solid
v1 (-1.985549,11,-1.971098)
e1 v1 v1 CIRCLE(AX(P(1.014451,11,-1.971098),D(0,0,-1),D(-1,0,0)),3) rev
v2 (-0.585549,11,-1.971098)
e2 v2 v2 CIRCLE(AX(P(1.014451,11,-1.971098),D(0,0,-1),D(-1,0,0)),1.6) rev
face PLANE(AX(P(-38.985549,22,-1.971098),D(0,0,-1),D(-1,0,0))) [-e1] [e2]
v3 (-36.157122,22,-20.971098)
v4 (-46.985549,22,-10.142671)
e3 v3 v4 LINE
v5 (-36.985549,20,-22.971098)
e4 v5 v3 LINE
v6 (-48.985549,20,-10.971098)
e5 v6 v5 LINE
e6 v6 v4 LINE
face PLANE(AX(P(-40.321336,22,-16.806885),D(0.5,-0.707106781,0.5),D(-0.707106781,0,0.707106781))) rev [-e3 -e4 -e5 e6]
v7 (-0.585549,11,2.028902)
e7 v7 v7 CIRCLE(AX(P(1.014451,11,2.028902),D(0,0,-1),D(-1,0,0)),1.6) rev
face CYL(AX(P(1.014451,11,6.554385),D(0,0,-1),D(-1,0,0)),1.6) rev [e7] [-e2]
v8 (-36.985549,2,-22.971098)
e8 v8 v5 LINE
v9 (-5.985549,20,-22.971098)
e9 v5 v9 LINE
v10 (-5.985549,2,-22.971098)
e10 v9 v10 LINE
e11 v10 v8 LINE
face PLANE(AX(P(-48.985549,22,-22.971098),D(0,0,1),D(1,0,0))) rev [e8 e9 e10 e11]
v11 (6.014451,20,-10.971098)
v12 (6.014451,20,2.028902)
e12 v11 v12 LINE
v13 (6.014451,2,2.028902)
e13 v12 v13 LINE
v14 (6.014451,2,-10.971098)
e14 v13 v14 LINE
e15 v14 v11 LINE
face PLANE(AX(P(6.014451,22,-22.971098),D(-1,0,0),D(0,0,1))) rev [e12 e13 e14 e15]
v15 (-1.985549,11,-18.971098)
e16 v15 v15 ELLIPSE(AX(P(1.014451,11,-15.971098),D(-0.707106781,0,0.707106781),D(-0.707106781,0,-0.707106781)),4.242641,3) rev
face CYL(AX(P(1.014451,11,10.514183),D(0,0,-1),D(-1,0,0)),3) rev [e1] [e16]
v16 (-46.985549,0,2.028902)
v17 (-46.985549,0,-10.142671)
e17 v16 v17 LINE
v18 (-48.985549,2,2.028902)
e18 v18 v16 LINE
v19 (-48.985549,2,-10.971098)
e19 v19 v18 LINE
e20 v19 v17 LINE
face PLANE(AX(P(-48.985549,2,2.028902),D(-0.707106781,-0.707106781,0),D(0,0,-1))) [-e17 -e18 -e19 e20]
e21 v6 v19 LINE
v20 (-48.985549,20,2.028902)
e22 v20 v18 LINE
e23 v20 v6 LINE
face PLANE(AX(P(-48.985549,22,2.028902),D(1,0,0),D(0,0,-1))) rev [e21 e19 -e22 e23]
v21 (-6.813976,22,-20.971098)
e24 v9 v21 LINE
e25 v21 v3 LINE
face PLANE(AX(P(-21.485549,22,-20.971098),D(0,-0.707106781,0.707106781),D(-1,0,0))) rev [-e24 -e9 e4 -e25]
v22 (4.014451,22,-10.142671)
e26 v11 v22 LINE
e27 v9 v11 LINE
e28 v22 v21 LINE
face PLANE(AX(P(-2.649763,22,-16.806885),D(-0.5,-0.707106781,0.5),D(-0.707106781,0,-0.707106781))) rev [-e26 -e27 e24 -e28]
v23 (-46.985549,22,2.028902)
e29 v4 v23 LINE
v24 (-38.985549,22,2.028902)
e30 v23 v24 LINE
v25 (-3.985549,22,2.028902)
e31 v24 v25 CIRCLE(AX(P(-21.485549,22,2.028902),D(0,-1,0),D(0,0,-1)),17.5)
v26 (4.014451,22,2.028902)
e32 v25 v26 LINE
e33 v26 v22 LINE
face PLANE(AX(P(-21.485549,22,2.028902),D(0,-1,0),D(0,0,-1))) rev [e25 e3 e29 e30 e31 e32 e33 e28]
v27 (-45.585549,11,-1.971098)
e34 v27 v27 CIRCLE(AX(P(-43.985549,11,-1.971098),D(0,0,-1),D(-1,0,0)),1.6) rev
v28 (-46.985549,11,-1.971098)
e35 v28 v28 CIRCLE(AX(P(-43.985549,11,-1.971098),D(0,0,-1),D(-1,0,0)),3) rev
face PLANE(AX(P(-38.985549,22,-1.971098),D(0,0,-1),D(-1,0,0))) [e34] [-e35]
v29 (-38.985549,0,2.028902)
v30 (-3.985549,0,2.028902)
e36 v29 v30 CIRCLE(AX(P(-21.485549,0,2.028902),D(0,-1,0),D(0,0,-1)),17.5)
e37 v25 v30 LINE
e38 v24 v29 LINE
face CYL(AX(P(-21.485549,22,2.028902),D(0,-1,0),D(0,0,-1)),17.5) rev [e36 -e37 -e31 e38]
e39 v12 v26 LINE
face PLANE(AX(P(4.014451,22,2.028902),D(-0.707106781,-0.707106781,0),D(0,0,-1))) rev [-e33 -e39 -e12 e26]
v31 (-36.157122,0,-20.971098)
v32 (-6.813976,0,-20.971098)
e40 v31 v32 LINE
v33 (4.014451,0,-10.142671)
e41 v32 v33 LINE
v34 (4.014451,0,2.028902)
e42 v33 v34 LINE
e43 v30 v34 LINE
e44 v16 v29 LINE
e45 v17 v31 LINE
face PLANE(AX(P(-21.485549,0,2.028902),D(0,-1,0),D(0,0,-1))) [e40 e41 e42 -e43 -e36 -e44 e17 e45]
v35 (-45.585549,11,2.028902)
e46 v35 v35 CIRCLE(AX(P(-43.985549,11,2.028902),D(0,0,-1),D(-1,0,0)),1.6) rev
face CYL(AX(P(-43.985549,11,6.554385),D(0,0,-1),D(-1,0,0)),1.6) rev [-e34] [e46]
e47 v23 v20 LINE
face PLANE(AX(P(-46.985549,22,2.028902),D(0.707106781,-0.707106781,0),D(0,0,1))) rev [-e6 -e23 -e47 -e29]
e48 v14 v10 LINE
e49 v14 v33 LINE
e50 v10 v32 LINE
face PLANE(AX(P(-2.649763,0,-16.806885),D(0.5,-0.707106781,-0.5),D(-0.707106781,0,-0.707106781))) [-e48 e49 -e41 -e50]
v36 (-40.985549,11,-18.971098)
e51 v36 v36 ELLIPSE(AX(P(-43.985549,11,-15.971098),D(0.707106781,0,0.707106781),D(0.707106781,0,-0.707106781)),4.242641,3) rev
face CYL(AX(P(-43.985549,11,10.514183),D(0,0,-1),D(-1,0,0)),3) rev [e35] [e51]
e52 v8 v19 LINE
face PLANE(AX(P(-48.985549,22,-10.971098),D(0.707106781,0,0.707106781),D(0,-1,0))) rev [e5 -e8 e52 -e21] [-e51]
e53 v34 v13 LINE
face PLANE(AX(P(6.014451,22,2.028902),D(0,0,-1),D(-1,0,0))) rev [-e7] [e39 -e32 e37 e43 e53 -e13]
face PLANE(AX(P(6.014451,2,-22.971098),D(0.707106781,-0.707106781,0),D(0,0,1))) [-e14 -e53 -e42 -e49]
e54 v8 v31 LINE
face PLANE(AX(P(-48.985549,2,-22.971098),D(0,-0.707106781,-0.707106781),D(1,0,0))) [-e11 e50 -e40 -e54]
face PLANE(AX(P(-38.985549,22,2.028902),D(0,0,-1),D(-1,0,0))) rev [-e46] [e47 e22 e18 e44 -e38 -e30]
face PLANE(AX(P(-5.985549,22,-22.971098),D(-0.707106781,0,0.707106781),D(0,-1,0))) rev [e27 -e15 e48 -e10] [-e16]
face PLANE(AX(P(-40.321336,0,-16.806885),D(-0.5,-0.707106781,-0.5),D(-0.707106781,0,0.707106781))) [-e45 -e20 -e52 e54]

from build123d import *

# Parameters (mm, degrees)
BOSS_EXTRUDE1_DEPTH = 22
CHAMFER1_SIZE       = 12
SKETCH2_R           = 1.6
CUT_EXTRUDE1_DEPTH  = 25
SKETCH2_4_R         = 3
SKETCH2_4_R_2       = 1.6
CUT_EXTRUDE2_DEPTH  = 21
CHAMFER2_SIZE       = 2


with BuildPart() as part:
    # Sketch1 → Boss-Extrude1 (new body)
    with BuildSketch(Plane(origin=(0, 0, 0), x_dir=(1, 0, 0), z_dir=(0, 1, 0))):
        with BuildLine():
            Line((-38.985549133, -2.028901734), (-48.985549133, -2.028901734))
            Line((-48.985549133, -2.028901734), (-48.985549133, 22.971098266))
            Line((-48.985549133, 22.971098266), (6.014450867, 22.971098266))
            Line((6.014450867, 22.971098266), (6.014450867, -2.028901734))
            Line((6.014450867, -2.028901734), (-3.985549133, -2.028901734))
            ThreePointArc((-3.985549133, -2.028901734), (-21.485549133, 15.471098266), (-38.985549133, -2.028901734))
        make_face()
    extrude(amount=BOSS_EXTRUDE1_DEPTH)

    # Chamfer1
    chamfer1_edges = [part.edges().sort_by_distance(p)[0] for p in [
        (-48.985549133, 11, -22.971098266),
        (6.014450867, 11, -22.971098266),
    ]]
    chamfer(chamfer1_edges, length=CHAMFER1_SIZE)

    # Sketch2 → Cut-Extrude1 (cut)
    with BuildSketch(Plane(origin=(0, 0, -22.971098266), x_dir=(-1, 0, 0), z_dir=(0, 0, -1))):
        with Locations((43.985549133, 11)):
            Circle(SKETCH2_R)
        with Locations((-1.014450867, 11)):
            Circle(SKETCH2_R)
    extrude(amount=-CUT_EXTRUDE1_DEPTH, mode=Mode.SUBTRACT)

    # Sketch2<4> → Cut-Extrude2 (cut)
    # profile 1 of 2: a face of its own
    with BuildSketch(Plane(origin=(0, 0, -22.971098266), x_dir=(-1, 0, 0), z_dir=(0, 0, -1))):
        with Locations((43.985549133, 11)):
            Circle(SKETCH2_4_R)
        with Locations((43.985549133, 11)):
            Circle(SKETCH2_4_R_2, mode=Mode.SUBTRACT)
    # profile 2 of 2: a face of its own
    with BuildSketch(Plane(origin=(0, 0, -22.971098266), x_dir=(-1, 0, 0), z_dir=(0, 0, -1))):
        with Locations((-1.014450867, 11)):
            Circle(SKETCH2_4_R)
        with Locations((-1.014450867, 11)):
            Circle(SKETCH2_4_R_2, mode=Mode.SUBTRACT)
    extrude(amount=-CUT_EXTRUDE2_DEPTH, mode=Mode.SUBTRACT)

    # Chamfer2
    chamfer2_edges = [part.edges().sort_by_distance(p)[0] for p in [
        (6.014450867, 22, -4.471098266),
        (-21.485549133, 0, -22.971098266),
        (-21.485549133, 22, -22.971098266),
        (-48.985549133, 0, -4.471098266),
        (-42.985549133, 0, -16.971098266),
        (0.014450867, 0, -16.971098266),
        (-48.985549133, 22, -4.471098266),
        (-42.985549133, 22, -16.971098266),
        (0.014450867, 22, -16.971098266),
        (6.014450867, 0, -4.471098266),
    ]]
    chamfer(chamfer2_edges, length=CHAMFER2_SIZE)


solid = part.part
